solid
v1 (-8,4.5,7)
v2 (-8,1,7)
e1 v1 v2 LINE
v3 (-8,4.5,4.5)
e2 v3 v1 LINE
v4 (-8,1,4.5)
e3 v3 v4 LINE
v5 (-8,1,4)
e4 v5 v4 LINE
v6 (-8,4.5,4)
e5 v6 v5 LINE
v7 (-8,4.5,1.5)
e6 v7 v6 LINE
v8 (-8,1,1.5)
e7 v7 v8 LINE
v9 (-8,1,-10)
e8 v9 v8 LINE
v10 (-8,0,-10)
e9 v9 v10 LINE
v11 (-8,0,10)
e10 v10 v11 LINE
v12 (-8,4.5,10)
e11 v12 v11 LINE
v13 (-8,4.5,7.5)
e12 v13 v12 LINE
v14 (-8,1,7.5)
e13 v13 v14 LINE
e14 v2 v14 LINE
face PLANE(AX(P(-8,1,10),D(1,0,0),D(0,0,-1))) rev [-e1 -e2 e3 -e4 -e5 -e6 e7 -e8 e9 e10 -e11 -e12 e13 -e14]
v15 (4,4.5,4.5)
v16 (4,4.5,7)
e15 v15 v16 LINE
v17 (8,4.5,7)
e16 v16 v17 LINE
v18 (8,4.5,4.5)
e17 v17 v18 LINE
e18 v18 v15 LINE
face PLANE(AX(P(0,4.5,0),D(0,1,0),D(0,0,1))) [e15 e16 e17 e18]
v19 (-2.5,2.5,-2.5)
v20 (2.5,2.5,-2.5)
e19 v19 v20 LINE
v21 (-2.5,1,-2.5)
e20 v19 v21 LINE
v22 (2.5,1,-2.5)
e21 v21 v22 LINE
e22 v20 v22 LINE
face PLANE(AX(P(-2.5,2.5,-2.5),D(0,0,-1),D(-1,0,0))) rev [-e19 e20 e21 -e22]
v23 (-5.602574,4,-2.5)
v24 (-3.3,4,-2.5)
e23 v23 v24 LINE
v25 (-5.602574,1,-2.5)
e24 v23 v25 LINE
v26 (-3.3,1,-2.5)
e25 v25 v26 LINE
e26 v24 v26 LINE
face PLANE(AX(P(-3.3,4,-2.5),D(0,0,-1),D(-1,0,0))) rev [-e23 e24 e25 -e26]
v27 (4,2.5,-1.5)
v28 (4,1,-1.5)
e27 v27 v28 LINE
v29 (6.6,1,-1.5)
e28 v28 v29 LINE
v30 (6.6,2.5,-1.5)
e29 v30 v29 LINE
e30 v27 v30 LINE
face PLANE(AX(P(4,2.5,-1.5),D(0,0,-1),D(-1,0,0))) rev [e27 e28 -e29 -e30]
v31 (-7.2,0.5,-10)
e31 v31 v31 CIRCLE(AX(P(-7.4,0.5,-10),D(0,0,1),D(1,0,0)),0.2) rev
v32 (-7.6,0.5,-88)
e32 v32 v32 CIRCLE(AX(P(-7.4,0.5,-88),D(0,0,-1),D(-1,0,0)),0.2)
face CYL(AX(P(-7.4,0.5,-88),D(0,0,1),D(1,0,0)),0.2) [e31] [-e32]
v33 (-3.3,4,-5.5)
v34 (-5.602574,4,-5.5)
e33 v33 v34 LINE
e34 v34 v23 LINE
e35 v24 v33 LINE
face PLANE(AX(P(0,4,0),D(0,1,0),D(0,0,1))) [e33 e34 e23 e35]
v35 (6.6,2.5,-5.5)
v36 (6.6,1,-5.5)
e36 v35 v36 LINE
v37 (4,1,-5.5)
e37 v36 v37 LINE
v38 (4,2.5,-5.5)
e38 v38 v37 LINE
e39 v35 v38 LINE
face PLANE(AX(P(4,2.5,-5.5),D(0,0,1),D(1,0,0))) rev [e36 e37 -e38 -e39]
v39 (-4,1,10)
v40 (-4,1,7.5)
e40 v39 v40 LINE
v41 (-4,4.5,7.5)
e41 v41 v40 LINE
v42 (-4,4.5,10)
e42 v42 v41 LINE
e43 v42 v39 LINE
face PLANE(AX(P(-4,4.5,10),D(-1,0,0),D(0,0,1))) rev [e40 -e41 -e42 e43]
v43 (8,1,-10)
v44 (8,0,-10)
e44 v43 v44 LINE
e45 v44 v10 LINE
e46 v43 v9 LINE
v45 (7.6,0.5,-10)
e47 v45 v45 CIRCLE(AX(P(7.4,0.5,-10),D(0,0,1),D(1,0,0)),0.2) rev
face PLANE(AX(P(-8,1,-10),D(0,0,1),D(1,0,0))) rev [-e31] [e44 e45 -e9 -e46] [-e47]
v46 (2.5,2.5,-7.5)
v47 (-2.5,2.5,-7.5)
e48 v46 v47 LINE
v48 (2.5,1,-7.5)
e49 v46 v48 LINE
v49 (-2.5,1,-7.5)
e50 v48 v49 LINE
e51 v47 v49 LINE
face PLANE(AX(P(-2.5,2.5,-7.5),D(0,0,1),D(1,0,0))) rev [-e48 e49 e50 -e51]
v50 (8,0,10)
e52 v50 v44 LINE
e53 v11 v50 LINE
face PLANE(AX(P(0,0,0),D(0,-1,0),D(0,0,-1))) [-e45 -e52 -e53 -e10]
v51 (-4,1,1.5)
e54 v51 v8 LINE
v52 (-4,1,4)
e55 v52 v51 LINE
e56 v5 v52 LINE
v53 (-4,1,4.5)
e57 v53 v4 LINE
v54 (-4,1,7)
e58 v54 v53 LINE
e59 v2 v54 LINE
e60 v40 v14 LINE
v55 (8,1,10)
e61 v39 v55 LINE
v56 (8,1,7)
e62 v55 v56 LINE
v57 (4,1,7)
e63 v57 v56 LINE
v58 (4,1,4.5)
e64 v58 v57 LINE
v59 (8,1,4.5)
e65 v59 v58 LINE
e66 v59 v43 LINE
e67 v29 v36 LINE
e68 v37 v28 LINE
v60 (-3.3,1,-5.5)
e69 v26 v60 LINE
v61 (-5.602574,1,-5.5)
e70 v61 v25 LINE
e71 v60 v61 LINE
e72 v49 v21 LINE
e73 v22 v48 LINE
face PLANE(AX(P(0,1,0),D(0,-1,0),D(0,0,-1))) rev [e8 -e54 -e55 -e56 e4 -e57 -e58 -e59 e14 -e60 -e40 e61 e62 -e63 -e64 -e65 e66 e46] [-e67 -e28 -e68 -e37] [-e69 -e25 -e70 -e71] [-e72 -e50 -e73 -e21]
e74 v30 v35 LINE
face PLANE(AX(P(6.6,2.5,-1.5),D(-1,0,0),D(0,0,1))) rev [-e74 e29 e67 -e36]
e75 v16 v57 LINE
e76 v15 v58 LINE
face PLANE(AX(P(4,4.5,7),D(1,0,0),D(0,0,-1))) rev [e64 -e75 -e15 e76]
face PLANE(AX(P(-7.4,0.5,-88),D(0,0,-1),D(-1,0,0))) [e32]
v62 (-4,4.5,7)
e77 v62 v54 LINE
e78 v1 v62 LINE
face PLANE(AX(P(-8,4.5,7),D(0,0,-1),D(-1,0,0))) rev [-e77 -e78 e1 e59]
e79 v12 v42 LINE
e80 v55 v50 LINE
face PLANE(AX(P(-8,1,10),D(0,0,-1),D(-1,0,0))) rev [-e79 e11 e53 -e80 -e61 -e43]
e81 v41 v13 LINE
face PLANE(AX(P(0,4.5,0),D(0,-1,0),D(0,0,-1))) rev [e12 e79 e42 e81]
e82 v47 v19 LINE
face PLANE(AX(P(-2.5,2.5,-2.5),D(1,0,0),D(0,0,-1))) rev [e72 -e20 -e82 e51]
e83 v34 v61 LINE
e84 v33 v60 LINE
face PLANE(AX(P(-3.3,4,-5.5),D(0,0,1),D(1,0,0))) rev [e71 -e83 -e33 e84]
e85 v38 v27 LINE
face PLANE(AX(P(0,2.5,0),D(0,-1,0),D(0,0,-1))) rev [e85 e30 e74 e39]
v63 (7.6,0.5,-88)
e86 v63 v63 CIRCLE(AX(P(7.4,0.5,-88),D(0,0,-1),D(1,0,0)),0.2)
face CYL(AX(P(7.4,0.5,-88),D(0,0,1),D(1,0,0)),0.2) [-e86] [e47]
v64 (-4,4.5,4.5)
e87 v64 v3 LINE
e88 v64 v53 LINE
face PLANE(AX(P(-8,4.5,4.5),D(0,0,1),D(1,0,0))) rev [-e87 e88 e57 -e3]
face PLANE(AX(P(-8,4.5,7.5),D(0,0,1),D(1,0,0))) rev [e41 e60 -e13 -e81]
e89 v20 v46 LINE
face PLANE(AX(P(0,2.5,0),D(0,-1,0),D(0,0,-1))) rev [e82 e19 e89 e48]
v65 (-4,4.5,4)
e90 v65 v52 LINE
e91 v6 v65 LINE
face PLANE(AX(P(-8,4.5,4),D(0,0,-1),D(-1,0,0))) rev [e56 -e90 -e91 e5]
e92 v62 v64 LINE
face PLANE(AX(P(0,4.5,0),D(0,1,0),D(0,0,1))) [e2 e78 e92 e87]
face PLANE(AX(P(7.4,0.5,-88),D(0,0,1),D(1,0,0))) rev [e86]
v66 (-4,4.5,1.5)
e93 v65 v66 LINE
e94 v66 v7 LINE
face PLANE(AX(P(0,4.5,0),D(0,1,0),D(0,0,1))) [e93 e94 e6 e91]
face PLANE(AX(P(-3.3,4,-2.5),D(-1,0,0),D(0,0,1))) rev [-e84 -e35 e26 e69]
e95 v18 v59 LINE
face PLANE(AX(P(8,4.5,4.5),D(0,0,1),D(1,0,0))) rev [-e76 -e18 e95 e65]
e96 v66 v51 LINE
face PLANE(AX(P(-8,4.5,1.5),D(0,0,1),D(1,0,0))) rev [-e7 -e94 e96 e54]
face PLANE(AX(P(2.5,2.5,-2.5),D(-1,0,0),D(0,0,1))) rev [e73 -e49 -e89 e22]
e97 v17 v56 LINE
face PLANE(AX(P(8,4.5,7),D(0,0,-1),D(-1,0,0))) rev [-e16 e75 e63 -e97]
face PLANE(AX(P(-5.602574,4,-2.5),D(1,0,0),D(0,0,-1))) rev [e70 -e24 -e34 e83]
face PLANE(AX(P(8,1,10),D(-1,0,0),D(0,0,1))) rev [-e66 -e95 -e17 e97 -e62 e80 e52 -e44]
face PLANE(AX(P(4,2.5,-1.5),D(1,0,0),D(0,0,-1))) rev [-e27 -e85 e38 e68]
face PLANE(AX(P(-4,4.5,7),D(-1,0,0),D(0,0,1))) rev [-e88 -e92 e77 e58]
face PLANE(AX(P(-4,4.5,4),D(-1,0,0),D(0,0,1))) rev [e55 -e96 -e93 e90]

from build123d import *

# Parameters (mm, degrees)
SKETCH1_W           = 16
SKETCH1_H           = 20
BOSS_EXTRUDE1_DEPTH = 1
SKETCH2_W           = 4
SKETCH2_H           = 2.5
BOSS_EXTRUDE2_DEPTH = 3.5
SKETCH3_W           = 5
SKETCH3_H           = 5
SKETCH3_W_2         = 2.6
SKETCH3_H_2         = 4
BOSS_EXTRUDE3_DEPTH = 1.5
SKETCH4_W           = 2.302574488
SKETCH4_H           = 3
BOSS_EXTRUDE4_DEPTH = 3
SKETCH5_R           = 0.2
BOSS_EXTRUDE5_DEPTH = 78


with BuildPart() as part:
    # Sketch1 → Boss-Extrude1 (new body)
    with BuildSketch(Plane(origin=(0, 0, 0), x_dir=(1, 0, 0), z_dir=(0, 1, 0))):
        Rectangle(SKETCH1_W, SKETCH1_H)
    extrude(amount=BOSS_EXTRUDE1_DEPTH)

    # Sketch2 → Boss-Extrude2 (add)
    with BuildSketch(Plane(origin=(0, 1, 0), x_dir=(1, 0, 0), z_dir=(0, 1, 0))):
        with Locations((-6, -5.75)):
            Rectangle(SKETCH2_W, SKETCH2_H)
        with Locations((-6, -8.75)):
            Rectangle(SKETCH2_W, SKETCH2_H)
        with Locations((-6, -2.75)):
            Rectangle(SKETCH2_W, SKETCH2_H)
        with Locations((6, -5.75)):
            Rectangle(SKETCH2_W, SKETCH2_H)
    extrude(amount=BOSS_EXTRUDE2_DEPTH)

    # Sketch3 → Boss-Extrude3 (add)
    with BuildSketch(Plane(origin=(0, 1, 0), x_dir=(1, 0, 0), z_dir=(0, 1, 0))):
        with Locations((0, 5)):
            Rectangle(SKETCH3_W, SKETCH3_H)
        with Locations((5.3, 3.5)):
            Rectangle(SKETCH3_W_2, SKETCH3_H_2)
    extrude(amount=BOSS_EXTRUDE3_DEPTH)

    # Sketch4 → Boss-Extrude4 (add)
    with BuildSketch(Plane(origin=(0, 1, 0), x_dir=(1, 0, 0), z_dir=(0, 1, 0))):
        with Locations((-4.451287244, 4)):
            Rectangle(SKETCH4_W, SKETCH4_H)
    extrude(amount=BOSS_EXTRUDE4_DEPTH)

    # Sketch5 → Boss-Extrude5 (add)
    with BuildSketch(Plane(origin=(0, 0, -10), x_dir=(-1, 0, 0), z_dir=(0, 0, -1))):
        with Locations(Location((7.4, 0.5, 0), (0, 0, 180))):
            Circle(SKETCH5_R)
        with Locations(Location((-7.4, 0.5, 0), (0, 0, 180))):
            Circle(SKETCH5_R)
    extrude(amount=BOSS_EXTRUDE5_DEPTH)


solid = part.part
